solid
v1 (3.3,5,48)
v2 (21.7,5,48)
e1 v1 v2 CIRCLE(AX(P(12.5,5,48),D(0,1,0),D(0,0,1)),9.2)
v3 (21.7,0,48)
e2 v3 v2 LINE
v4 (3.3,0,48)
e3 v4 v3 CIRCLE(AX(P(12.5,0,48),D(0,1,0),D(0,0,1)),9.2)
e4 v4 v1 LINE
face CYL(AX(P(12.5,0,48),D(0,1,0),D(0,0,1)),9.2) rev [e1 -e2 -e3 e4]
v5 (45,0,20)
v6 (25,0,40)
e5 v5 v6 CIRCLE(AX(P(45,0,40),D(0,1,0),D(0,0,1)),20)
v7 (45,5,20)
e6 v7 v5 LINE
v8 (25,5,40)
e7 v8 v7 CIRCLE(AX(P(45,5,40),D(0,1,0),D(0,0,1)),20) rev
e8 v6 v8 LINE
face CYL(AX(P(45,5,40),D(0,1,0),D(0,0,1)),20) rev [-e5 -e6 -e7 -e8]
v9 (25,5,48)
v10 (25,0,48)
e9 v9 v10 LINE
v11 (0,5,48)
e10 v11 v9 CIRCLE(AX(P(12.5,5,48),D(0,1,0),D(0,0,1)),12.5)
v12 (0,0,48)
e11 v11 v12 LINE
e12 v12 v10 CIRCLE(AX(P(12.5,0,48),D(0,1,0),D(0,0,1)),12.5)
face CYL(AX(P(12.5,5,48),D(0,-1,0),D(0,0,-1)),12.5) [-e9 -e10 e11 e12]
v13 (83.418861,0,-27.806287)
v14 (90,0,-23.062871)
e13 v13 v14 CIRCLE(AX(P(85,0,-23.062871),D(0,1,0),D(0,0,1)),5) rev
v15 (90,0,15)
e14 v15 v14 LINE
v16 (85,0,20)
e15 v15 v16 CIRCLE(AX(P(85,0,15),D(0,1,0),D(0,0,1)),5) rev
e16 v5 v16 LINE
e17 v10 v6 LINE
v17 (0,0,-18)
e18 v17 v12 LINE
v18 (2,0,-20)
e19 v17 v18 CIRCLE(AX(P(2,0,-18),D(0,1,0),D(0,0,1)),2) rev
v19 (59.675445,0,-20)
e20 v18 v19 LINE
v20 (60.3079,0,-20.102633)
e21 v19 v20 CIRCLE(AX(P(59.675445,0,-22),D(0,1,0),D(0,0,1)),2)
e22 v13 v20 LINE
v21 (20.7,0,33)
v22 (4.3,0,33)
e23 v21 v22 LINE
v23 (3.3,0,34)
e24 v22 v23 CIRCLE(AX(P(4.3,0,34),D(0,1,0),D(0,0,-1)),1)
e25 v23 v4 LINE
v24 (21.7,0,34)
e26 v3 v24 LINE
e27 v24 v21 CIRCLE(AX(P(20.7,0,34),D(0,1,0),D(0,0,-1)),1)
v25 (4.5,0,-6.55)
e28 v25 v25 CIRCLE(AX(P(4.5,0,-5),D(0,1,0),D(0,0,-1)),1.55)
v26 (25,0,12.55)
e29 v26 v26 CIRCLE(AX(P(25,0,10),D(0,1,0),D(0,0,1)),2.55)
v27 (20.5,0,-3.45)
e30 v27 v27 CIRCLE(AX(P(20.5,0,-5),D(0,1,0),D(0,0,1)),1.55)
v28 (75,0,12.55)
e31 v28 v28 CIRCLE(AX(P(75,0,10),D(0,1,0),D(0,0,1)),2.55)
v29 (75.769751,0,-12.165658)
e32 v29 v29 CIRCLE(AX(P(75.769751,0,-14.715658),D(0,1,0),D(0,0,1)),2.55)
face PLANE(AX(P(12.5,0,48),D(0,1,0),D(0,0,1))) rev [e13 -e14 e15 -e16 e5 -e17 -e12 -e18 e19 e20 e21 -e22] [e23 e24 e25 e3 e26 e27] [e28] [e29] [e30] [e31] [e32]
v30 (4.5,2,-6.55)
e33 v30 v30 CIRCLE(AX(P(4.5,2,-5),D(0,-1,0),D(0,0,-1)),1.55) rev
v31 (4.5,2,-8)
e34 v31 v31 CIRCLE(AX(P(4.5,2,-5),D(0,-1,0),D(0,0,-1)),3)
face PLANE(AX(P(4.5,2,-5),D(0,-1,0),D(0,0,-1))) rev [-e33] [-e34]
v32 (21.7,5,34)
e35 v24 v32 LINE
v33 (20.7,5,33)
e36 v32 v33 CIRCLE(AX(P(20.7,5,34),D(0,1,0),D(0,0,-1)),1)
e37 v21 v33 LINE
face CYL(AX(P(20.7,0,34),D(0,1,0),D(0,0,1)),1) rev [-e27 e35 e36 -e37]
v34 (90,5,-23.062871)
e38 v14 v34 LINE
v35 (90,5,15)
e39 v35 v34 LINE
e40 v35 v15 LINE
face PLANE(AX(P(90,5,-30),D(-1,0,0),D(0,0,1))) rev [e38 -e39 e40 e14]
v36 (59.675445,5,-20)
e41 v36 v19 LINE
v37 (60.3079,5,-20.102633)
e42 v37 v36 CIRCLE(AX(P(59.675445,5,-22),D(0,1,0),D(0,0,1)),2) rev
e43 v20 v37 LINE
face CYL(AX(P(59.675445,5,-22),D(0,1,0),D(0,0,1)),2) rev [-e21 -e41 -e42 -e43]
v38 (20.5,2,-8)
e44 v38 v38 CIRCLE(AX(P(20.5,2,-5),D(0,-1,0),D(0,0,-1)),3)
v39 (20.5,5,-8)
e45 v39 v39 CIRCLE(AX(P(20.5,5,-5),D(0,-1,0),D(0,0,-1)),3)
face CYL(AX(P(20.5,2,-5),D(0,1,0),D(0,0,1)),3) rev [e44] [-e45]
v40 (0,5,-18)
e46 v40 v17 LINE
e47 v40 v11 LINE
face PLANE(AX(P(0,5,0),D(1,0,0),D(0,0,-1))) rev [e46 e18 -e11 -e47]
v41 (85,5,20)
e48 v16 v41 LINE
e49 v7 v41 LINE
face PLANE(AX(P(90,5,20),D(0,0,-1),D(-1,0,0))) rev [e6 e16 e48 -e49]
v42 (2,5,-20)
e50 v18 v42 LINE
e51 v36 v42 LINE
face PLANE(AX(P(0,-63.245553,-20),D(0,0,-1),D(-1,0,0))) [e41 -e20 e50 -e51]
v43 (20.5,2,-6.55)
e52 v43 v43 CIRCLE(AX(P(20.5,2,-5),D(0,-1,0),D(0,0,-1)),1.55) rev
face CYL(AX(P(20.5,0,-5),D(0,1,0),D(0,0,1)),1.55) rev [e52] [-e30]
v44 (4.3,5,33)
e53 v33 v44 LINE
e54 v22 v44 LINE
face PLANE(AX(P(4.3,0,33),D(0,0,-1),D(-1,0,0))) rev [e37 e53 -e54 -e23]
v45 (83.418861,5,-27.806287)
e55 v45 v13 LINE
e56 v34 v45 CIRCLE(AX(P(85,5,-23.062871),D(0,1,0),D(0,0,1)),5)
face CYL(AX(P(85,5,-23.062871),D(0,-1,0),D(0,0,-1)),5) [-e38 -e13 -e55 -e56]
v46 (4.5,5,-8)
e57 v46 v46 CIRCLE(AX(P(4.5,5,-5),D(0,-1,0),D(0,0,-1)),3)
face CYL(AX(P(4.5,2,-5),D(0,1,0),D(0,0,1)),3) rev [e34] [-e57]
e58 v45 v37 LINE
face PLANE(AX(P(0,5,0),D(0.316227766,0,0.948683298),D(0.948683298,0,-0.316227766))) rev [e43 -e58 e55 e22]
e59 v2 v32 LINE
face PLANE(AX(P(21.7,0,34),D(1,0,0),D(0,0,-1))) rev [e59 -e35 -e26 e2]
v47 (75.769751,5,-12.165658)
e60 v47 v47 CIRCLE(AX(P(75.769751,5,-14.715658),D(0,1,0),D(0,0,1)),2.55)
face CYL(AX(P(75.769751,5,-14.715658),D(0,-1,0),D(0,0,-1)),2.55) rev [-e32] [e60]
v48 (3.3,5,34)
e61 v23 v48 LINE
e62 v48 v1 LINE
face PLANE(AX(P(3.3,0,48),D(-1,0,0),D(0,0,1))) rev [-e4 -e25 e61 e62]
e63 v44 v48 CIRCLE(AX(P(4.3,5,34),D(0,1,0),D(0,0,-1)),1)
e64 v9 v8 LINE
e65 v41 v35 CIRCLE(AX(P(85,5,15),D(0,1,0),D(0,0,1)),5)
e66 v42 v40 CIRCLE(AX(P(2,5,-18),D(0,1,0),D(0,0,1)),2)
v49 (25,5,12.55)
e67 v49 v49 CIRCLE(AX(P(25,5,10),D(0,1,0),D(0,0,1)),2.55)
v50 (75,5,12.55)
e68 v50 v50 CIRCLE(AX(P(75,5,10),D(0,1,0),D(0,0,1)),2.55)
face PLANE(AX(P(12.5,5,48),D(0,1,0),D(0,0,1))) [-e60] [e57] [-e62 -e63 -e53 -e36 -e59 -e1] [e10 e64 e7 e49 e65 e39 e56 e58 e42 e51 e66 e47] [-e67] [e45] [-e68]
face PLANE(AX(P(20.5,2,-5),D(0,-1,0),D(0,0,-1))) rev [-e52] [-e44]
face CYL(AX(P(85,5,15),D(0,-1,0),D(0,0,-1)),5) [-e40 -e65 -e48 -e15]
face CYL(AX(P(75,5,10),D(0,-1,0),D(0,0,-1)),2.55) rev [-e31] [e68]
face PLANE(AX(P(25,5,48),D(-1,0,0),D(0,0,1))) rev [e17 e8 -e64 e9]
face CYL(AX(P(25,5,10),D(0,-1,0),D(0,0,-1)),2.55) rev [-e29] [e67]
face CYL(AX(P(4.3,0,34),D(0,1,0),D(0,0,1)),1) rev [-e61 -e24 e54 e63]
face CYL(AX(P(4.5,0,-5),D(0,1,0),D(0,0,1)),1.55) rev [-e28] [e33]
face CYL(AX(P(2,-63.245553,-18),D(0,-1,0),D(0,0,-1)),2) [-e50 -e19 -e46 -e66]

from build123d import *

# Parameters (mm, degrees)
SKETCH_1_R          = 2.55
SKETCH_1_R_2        = 7.5
EXTRUDE_1_DEPTH     = 5
FILLET_1_R          = 20
FILLET_2_R          = 5
CUT_EXTRUDE_1_DEPTH = 109.559891304
EXTRUDE_2_DEPTH     = 5
SKETCH_3_R          = 1.55
CUT_EXTRUDE_2_DEPTH = 109.559891304
FILLET_3_R          = 2
SKETCH_5_R          = 3
CUT_EXTRUDE_3_DEPTH = 3


with BuildPart() as part:
    # ｽｹｯﾁ1 → ﾎﾞｽ - 押し出し1 (new body)
    with BuildSketch(Plane(origin=(0, 0, 0), x_dir=(1, 0, 0), z_dir=(0, 1, 0))):
        with BuildLine():
            Line((0, 0), (0, -48))
            ThreePointArc((0, -48), (12.5, -60.5), (25, -48))
            Line((25, -48), (25, -20))
            Line((25, -20), (90, -20))
            Line((90, -20), (90, 30))
            Line((90, 30), (0, 0))
        make_face()
        with Locations(Location((75.769750529, 14.715657976, 0), (0, 0, 270))):
            Circle(SKETCH_1_R, mode=Mode.SUBTRACT)
        with Locations(Location((75, -10, 0), (0, 0, 270))):
            Circle(SKETCH_1_R, mode=Mode.SUBTRACT)
        with Locations(Location((25, -10, 0), (0, 0, 270))):
            Circle(SKETCH_1_R, mode=Mode.SUBTRACT)
        with Locations(Location((12.5, -48, 0), (0, 0, 270))):
            Circle(SKETCH_1_R_2, mode=Mode.SUBTRACT)
    extrude(amount=EXTRUDE_1_DEPTH)

    # ﾌｨﾚｯﾄ1
    fillet_1_edges = [part.edges().sort_by_distance(p)[0] for p in [
        (25, 2.5, 20),
    ]]
    fillet(fillet_1_edges, radius=FILLET_1_R)

    # ﾌｨﾚｯﾄ2
    fillet_2_edges = [part.edges().sort_by_distance(p)[0] for p in [
        (90, 2.5, -30),
        (90, 2.5, 20),
    ]]
    fillet(fillet_2_edges, radius=FILLET_2_R)

    # ｽｹｯﾁ2 → ｶｯﾄ - 押し出し1 (cut, through all)
    with BuildSketch(Plane(origin=(0, 5, 0), x_dir=(1, 0, 0), z_dir=(0, 1, 0))):
        with BuildLine():
            Line((3.3, -48), (3.3, -34))
            ThreePointArc((3.3, -34), (3.592893219, -33.292893219), (4.3, -33))
            Line((4.3, -33), (20.7, -33))
            ThreePointArc((20.7, -33), (21.407106781, -33.292893219), (21.7, -34))
            Line((21.7, -34), (21.7, -48))
            ThreePointArc((21.7, -48), (12.5, -57.2), (3.3, -48))
        make_face()
    extrude(amount=-CUT_EXTRUDE_1_DEPTH, mode=Mode.SUBTRACT)

    # ｽｹｯﾁ4 → ﾎﾞｽ - 押し出し2 (add)
    with BuildSketch(Plane(origin=(0, 5, 0), x_dir=(1, 0, 0), z_dir=(0, 1, 0))):
        Polygon((0, 0), (0, 20), (60, 20), align=None)
    extrude(amount=-EXTRUDE_2_DEPTH)

    # ｽｹｯﾁ3 → ｶｯﾄ - 押し出し2 (cut, through all)
    with BuildSketch(Plane(origin=(0, 5, 0), x_dir=(1, 0, 0), z_dir=(0, 1, 0))):
        with Locations(Location((20.5, 5, 0), (0, 0, 270))):
            Circle(SKETCH_3_R)
        with Locations(Location((4.5, 5, 0), (0, 0, 90))):
            Circle(SKETCH_3_R)
    extrude(amount=-CUT_EXTRUDE_2_DEPTH, mode=Mode.SUBTRACT)

    # ﾌｨﾚｯﾄ3
    fillet_3_edges = [part.edges().sort_by_distance(p)[0] for p in [
        (60, 2.5, -20),
        (0, 2.5, -20),
    ]]
    fillet(fillet_3_edges, radius=FILLET_3_R)

    # ｽｹｯﾁ5 → ｶｯﾄ - 押し出し3 (cut)
    with BuildSketch(Plane.XZ.offset(-5)):
        with Locations(Location((4.5, -5, 0), (0, 0, 270))):
            Circle(SKETCH_5_R)
        with Locations(Location((20.5, -5, 0), (0, 0, 270))):
            Circle(SKETCH_5_R)
    extrude(amount=CUT_EXTRUDE_3_DEPTH, mode=Mode.SUBTRACT)


solid = part.part
